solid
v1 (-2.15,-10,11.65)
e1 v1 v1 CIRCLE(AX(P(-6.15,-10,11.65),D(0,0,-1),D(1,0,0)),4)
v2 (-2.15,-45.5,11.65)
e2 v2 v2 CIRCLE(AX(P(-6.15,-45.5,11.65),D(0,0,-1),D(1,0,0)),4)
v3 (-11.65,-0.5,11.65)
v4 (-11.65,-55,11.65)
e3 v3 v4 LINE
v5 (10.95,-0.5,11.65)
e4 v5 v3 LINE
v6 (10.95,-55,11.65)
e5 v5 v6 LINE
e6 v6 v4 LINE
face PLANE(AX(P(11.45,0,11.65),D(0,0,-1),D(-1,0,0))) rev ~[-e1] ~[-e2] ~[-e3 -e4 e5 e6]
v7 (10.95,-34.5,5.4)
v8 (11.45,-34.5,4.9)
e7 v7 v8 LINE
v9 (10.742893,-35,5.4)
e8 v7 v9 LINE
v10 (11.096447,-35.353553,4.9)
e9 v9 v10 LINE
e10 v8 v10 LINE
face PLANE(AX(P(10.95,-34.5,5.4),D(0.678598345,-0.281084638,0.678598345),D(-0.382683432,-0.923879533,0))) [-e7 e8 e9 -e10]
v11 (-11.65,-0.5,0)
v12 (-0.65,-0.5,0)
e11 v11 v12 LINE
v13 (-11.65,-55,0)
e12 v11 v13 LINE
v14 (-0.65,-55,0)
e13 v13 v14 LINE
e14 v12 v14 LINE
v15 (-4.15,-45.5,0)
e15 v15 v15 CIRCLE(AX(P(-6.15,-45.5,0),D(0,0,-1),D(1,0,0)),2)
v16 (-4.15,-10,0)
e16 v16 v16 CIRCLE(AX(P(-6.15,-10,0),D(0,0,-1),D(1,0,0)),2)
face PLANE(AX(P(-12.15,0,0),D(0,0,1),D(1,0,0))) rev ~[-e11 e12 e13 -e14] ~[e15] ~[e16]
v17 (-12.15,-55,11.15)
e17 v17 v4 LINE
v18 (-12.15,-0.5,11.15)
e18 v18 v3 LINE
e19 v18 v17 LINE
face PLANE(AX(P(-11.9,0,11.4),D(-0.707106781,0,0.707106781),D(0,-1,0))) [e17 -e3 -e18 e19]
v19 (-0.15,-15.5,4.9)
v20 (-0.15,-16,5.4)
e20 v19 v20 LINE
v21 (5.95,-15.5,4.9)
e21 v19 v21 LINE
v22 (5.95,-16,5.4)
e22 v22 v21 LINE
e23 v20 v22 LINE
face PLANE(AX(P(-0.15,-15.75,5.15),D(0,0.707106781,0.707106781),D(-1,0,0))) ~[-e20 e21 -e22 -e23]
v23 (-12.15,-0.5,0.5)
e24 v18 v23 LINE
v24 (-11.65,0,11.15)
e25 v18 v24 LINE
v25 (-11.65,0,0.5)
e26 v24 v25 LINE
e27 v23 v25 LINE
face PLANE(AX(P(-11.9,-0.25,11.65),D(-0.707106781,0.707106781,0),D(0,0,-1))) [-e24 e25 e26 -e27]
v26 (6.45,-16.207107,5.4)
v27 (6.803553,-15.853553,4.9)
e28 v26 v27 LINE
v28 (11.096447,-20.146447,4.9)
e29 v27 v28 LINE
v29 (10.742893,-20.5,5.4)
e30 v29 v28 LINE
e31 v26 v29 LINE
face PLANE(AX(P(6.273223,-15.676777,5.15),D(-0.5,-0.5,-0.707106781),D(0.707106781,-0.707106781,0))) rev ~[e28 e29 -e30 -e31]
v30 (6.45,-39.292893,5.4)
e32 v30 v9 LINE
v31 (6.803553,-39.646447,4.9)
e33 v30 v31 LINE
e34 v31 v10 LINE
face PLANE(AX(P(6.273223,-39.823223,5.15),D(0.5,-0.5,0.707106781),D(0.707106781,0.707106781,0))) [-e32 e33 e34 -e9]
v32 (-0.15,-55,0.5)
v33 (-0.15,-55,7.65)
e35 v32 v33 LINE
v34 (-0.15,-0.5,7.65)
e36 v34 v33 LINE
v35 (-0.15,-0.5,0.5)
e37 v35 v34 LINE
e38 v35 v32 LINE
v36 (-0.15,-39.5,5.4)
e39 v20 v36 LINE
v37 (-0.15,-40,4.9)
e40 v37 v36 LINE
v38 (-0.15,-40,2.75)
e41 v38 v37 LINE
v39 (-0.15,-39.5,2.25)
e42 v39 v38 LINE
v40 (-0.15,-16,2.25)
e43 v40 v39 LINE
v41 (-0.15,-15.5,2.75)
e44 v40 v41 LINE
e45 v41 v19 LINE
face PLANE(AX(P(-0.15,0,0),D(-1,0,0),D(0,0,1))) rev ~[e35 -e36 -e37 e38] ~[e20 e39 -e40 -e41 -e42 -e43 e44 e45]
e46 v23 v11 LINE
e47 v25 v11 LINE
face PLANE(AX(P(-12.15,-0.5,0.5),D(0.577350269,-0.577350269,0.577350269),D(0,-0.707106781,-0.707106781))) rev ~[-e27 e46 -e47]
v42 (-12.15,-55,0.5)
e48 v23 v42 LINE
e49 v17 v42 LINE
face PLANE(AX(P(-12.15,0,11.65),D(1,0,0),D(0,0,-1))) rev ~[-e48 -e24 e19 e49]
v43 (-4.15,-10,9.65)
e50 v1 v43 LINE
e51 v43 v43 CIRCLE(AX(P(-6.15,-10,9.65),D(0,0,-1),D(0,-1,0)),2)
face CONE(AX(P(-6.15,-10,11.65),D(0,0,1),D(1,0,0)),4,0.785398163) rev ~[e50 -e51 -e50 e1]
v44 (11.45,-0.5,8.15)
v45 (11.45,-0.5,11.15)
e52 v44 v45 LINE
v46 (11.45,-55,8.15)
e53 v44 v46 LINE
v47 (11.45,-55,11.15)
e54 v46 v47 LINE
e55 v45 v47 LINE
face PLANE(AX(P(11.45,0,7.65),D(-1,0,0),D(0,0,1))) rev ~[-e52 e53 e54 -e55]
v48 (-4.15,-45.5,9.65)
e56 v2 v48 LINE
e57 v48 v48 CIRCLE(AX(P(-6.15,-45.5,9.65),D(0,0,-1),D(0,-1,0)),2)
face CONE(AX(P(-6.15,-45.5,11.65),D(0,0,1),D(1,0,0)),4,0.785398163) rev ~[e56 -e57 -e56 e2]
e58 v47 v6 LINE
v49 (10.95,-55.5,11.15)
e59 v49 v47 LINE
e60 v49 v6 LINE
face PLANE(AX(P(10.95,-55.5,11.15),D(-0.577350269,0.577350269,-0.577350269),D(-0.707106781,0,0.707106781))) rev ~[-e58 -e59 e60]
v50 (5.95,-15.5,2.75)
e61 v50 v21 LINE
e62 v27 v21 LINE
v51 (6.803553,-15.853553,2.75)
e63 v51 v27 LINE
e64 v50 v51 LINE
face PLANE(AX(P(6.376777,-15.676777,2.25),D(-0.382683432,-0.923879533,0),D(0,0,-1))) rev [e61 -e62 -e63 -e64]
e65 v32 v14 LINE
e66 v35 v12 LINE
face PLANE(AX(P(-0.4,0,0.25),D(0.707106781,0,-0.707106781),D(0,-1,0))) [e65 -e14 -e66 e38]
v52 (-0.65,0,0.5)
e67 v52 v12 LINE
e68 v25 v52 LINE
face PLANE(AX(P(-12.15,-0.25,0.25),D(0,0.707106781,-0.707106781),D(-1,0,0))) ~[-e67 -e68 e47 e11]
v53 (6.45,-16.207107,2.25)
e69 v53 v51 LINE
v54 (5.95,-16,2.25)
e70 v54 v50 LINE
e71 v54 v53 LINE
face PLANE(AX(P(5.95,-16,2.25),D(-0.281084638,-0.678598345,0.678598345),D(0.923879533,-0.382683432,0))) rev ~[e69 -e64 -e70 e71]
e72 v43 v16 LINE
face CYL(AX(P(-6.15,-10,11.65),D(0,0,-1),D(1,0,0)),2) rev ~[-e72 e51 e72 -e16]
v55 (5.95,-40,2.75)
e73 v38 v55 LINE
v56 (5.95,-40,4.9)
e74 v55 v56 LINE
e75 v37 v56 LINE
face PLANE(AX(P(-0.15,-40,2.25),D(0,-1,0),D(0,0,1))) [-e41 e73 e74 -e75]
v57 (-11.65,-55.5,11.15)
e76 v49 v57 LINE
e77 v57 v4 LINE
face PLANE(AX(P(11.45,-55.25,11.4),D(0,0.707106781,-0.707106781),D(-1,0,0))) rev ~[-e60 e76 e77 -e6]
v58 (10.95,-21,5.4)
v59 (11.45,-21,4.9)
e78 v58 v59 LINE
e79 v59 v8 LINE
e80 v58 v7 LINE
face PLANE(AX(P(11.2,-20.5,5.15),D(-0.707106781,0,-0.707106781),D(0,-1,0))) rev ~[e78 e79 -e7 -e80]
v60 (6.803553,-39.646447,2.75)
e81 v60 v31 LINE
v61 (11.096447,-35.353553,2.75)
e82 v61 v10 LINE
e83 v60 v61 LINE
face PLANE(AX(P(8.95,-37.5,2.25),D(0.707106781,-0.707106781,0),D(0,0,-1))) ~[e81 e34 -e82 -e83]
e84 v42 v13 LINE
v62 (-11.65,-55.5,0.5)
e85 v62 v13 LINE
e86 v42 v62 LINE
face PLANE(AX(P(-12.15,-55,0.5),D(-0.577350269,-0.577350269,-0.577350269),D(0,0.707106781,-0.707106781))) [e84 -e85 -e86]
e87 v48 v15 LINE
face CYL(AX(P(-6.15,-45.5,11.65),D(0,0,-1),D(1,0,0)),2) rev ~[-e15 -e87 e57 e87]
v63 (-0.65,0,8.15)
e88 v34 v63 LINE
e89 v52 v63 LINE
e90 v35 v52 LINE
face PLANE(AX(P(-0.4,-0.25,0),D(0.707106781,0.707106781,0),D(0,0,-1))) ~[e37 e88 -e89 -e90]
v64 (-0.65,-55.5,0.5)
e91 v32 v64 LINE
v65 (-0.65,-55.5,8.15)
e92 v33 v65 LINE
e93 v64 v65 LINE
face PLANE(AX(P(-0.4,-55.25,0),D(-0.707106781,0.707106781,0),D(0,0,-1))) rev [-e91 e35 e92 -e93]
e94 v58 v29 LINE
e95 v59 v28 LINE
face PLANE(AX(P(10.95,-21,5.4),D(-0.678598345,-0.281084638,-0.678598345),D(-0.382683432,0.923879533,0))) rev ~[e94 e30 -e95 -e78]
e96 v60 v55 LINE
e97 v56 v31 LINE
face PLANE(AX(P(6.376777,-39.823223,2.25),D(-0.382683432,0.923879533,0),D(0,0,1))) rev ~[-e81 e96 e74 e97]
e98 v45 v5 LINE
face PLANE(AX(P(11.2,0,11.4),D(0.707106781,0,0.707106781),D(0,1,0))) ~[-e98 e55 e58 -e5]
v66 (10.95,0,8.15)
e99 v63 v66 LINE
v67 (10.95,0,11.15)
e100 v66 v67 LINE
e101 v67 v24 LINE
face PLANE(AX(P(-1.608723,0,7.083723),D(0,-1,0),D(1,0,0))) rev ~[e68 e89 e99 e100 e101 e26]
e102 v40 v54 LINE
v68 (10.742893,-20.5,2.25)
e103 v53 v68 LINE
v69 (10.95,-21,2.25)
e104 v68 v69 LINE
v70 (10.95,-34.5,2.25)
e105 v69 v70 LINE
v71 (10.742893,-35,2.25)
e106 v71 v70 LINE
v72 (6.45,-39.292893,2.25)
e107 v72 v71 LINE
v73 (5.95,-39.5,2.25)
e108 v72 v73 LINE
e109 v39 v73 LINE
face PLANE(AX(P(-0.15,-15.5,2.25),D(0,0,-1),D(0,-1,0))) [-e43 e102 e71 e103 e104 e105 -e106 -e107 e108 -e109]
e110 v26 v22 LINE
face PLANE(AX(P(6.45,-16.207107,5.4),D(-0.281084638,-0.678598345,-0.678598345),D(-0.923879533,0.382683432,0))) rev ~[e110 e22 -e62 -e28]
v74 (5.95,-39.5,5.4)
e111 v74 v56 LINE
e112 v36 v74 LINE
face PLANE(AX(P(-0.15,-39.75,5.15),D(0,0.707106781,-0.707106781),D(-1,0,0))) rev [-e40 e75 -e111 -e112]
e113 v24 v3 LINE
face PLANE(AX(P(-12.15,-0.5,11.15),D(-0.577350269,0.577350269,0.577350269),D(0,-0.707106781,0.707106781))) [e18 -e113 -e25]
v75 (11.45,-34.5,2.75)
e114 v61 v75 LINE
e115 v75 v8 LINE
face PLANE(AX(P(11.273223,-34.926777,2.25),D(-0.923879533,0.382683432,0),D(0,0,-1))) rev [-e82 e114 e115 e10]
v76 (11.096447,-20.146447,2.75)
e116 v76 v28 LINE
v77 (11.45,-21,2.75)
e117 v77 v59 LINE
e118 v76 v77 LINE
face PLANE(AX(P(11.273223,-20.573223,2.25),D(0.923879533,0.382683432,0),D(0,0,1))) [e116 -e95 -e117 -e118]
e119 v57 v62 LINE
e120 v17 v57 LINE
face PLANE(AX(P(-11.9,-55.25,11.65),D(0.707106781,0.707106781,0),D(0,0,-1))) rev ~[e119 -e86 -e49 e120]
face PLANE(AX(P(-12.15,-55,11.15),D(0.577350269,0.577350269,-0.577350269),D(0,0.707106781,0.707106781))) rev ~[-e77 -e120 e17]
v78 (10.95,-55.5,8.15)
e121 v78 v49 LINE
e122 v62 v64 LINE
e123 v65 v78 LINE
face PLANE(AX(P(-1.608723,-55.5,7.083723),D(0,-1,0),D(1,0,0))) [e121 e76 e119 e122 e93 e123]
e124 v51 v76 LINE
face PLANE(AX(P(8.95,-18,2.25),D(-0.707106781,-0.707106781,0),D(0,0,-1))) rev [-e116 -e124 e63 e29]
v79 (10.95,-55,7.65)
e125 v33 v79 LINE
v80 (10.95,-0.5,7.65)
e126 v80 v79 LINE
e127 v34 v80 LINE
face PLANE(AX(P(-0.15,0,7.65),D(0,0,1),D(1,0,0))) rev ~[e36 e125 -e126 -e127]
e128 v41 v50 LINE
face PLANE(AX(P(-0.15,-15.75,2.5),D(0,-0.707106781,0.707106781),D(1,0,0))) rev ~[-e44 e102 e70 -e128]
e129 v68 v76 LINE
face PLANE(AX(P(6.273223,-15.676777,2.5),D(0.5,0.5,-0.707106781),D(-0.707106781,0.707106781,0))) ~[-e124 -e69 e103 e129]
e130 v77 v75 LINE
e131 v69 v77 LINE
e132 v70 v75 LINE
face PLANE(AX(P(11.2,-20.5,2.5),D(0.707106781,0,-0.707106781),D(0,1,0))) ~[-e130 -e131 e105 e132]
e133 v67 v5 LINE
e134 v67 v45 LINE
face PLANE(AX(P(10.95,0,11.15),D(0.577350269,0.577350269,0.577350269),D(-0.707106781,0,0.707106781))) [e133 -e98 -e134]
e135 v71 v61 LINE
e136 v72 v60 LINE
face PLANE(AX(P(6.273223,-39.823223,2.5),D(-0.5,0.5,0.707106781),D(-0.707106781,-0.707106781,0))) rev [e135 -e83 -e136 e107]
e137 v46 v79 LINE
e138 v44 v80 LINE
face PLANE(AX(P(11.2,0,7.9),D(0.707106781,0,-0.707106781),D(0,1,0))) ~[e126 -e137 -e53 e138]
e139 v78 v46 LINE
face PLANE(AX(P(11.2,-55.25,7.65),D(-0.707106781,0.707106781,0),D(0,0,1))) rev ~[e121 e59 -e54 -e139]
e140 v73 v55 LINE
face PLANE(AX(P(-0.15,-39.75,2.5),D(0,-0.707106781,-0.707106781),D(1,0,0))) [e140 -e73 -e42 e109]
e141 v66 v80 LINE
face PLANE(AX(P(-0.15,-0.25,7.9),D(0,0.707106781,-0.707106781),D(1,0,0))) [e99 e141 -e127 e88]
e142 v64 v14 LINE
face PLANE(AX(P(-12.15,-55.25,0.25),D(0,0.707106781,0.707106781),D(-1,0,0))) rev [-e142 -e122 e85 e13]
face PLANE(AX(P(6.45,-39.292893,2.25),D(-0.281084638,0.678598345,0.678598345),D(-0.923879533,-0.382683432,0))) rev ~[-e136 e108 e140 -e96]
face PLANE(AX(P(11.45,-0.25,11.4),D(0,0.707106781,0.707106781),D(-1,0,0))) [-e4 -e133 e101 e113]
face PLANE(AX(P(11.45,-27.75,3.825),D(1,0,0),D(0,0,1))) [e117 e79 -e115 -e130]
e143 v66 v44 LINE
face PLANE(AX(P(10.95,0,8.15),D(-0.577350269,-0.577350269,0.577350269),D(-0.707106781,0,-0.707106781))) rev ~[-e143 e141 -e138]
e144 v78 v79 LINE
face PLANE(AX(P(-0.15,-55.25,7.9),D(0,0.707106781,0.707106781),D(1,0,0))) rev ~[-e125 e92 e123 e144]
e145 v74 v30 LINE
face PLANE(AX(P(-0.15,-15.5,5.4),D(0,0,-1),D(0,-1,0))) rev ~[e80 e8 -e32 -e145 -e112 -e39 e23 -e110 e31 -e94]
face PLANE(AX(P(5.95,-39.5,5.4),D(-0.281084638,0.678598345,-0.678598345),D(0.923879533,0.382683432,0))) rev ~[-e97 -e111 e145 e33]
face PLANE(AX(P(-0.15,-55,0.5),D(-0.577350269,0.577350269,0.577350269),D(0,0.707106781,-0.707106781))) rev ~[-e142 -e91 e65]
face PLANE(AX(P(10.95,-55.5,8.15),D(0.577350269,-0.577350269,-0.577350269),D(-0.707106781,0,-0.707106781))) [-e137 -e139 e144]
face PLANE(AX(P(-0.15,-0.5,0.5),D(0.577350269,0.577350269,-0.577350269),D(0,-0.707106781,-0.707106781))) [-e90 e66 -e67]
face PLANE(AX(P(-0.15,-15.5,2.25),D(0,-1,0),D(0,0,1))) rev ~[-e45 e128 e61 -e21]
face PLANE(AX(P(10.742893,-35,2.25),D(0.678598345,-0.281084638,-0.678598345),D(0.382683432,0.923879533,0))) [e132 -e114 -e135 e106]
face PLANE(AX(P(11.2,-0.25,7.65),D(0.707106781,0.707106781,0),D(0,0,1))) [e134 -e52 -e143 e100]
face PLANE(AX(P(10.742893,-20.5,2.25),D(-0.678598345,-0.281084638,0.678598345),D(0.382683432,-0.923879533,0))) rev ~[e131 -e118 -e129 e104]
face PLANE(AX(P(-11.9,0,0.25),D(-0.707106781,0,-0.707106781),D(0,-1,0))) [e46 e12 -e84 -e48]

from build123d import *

# Parameters (mm, degrees)
PAD_DEPTH        = 55.5
HOLE_D           = 4
HOLE_DEPTH       = 25
HOLE_CSINK_D     = 8
HOLE_CSINK_ANGLE = 90
SKETCH002_W      = 3.15
SKETCH002_H      = 24.5
PAD001_DEPTH     = 11.6
CHAMFER_SIZE     = 5
CHAMFER001_SIZE  = 0.5


with BuildPart() as part:
    # Sketch → Pad (new body)
    with BuildSketch(Plane.XZ):
        Polygon((-12.15, 0), (-0.15, 0), (-0.15, 7.65), (11.45, 7.65), (11.45, 11.65), (-12.15, 11.65), align=None)
    extrude(amount=PAD_DEPTH)

    # Hole
    with Locations(Plane(origin=(0, 0, 11.65), x_dir=(-1, 0, 0), z_dir=(0, 0, 1))):
        with Locations((6.15, 10), (6.15, 45.5)):
            CounterSinkHole(HOLE_D / 2, HOLE_CSINK_D / 2, depth=HOLE_DEPTH, counter_sink_angle=HOLE_CSINK_ANGLE)

    # Sketch002 (on Face5 of Hole) → Pad001 (join)
    with BuildSketch(Plane(origin=(-0.15, 0, 0), x_dir=(0, 0, 1), z_dir=(1, 0, 0))):
        with Locations((3.825, 27.75)):
            Rectangle(SKETCH002_W, SKETCH002_H)
    extrude(amount=PAD001_DEPTH)

    # Chamfer
    chamfer_edges = [part.edges().sort_by_distance(p)[0] for p in [
        (11.45, -15.5, 3.825),
        (11.45, -40, 3.825),
    ]]
    chamfer(chamfer_edges, length=CHAMFER_SIZE)

    # Chamfer001
    chamfer001_edges = [part.edges().sort_by_distance(p)[0] for p in [
        (11.45, -27.75, 7.65),
        (11.45, -27.75, 11.65),
        (11.45, 0, 9.65),
        (11.45, -55.5, 9.65),
        (-6.15, -55.5, 0),
        (-0.15, -55.5, 3.825),
        (5.65, -55.5, 7.65),
        (-0.35, -55.5, 11.65),
        (-12.15, -55.5, 5.825),
        (-6.15, 0, 0),
        (-0.15, 0, 3.825),
        (5.65, 0, 7.65),
        (-0.35, 0, 11.65),
        (-12.15, 0, 5.825),
        (-12.15, -27.75, 11.65),
        (-12.15, -27.75, 0),
        (11.45, -27.75, 2.25),
        (11.45, -35, 3.825),
        (11.45, -20.5, 3.825),
        (11.45, -27.75, 5.4),
        (8.95, -18, 2.25),
        (6.45, -15.5, 3.825),
        (8.95, -18, 5.4),
        (8.95, -37.5, 5.4),
        (6.45, -40, 3.825),
        (8.95, -37.5, 2.25),
        (3.15, -40, 2.25),
        (3.15, -40, 5.4),
        (3.15, -15.5, 2.25),
        (3.15, -15.5, 5.4),
        (-0.15, -27.75, 0),
    ]]
    chamfer(chamfer001_edges, length=CHAMFER001_SIZE)


solid = part.part
